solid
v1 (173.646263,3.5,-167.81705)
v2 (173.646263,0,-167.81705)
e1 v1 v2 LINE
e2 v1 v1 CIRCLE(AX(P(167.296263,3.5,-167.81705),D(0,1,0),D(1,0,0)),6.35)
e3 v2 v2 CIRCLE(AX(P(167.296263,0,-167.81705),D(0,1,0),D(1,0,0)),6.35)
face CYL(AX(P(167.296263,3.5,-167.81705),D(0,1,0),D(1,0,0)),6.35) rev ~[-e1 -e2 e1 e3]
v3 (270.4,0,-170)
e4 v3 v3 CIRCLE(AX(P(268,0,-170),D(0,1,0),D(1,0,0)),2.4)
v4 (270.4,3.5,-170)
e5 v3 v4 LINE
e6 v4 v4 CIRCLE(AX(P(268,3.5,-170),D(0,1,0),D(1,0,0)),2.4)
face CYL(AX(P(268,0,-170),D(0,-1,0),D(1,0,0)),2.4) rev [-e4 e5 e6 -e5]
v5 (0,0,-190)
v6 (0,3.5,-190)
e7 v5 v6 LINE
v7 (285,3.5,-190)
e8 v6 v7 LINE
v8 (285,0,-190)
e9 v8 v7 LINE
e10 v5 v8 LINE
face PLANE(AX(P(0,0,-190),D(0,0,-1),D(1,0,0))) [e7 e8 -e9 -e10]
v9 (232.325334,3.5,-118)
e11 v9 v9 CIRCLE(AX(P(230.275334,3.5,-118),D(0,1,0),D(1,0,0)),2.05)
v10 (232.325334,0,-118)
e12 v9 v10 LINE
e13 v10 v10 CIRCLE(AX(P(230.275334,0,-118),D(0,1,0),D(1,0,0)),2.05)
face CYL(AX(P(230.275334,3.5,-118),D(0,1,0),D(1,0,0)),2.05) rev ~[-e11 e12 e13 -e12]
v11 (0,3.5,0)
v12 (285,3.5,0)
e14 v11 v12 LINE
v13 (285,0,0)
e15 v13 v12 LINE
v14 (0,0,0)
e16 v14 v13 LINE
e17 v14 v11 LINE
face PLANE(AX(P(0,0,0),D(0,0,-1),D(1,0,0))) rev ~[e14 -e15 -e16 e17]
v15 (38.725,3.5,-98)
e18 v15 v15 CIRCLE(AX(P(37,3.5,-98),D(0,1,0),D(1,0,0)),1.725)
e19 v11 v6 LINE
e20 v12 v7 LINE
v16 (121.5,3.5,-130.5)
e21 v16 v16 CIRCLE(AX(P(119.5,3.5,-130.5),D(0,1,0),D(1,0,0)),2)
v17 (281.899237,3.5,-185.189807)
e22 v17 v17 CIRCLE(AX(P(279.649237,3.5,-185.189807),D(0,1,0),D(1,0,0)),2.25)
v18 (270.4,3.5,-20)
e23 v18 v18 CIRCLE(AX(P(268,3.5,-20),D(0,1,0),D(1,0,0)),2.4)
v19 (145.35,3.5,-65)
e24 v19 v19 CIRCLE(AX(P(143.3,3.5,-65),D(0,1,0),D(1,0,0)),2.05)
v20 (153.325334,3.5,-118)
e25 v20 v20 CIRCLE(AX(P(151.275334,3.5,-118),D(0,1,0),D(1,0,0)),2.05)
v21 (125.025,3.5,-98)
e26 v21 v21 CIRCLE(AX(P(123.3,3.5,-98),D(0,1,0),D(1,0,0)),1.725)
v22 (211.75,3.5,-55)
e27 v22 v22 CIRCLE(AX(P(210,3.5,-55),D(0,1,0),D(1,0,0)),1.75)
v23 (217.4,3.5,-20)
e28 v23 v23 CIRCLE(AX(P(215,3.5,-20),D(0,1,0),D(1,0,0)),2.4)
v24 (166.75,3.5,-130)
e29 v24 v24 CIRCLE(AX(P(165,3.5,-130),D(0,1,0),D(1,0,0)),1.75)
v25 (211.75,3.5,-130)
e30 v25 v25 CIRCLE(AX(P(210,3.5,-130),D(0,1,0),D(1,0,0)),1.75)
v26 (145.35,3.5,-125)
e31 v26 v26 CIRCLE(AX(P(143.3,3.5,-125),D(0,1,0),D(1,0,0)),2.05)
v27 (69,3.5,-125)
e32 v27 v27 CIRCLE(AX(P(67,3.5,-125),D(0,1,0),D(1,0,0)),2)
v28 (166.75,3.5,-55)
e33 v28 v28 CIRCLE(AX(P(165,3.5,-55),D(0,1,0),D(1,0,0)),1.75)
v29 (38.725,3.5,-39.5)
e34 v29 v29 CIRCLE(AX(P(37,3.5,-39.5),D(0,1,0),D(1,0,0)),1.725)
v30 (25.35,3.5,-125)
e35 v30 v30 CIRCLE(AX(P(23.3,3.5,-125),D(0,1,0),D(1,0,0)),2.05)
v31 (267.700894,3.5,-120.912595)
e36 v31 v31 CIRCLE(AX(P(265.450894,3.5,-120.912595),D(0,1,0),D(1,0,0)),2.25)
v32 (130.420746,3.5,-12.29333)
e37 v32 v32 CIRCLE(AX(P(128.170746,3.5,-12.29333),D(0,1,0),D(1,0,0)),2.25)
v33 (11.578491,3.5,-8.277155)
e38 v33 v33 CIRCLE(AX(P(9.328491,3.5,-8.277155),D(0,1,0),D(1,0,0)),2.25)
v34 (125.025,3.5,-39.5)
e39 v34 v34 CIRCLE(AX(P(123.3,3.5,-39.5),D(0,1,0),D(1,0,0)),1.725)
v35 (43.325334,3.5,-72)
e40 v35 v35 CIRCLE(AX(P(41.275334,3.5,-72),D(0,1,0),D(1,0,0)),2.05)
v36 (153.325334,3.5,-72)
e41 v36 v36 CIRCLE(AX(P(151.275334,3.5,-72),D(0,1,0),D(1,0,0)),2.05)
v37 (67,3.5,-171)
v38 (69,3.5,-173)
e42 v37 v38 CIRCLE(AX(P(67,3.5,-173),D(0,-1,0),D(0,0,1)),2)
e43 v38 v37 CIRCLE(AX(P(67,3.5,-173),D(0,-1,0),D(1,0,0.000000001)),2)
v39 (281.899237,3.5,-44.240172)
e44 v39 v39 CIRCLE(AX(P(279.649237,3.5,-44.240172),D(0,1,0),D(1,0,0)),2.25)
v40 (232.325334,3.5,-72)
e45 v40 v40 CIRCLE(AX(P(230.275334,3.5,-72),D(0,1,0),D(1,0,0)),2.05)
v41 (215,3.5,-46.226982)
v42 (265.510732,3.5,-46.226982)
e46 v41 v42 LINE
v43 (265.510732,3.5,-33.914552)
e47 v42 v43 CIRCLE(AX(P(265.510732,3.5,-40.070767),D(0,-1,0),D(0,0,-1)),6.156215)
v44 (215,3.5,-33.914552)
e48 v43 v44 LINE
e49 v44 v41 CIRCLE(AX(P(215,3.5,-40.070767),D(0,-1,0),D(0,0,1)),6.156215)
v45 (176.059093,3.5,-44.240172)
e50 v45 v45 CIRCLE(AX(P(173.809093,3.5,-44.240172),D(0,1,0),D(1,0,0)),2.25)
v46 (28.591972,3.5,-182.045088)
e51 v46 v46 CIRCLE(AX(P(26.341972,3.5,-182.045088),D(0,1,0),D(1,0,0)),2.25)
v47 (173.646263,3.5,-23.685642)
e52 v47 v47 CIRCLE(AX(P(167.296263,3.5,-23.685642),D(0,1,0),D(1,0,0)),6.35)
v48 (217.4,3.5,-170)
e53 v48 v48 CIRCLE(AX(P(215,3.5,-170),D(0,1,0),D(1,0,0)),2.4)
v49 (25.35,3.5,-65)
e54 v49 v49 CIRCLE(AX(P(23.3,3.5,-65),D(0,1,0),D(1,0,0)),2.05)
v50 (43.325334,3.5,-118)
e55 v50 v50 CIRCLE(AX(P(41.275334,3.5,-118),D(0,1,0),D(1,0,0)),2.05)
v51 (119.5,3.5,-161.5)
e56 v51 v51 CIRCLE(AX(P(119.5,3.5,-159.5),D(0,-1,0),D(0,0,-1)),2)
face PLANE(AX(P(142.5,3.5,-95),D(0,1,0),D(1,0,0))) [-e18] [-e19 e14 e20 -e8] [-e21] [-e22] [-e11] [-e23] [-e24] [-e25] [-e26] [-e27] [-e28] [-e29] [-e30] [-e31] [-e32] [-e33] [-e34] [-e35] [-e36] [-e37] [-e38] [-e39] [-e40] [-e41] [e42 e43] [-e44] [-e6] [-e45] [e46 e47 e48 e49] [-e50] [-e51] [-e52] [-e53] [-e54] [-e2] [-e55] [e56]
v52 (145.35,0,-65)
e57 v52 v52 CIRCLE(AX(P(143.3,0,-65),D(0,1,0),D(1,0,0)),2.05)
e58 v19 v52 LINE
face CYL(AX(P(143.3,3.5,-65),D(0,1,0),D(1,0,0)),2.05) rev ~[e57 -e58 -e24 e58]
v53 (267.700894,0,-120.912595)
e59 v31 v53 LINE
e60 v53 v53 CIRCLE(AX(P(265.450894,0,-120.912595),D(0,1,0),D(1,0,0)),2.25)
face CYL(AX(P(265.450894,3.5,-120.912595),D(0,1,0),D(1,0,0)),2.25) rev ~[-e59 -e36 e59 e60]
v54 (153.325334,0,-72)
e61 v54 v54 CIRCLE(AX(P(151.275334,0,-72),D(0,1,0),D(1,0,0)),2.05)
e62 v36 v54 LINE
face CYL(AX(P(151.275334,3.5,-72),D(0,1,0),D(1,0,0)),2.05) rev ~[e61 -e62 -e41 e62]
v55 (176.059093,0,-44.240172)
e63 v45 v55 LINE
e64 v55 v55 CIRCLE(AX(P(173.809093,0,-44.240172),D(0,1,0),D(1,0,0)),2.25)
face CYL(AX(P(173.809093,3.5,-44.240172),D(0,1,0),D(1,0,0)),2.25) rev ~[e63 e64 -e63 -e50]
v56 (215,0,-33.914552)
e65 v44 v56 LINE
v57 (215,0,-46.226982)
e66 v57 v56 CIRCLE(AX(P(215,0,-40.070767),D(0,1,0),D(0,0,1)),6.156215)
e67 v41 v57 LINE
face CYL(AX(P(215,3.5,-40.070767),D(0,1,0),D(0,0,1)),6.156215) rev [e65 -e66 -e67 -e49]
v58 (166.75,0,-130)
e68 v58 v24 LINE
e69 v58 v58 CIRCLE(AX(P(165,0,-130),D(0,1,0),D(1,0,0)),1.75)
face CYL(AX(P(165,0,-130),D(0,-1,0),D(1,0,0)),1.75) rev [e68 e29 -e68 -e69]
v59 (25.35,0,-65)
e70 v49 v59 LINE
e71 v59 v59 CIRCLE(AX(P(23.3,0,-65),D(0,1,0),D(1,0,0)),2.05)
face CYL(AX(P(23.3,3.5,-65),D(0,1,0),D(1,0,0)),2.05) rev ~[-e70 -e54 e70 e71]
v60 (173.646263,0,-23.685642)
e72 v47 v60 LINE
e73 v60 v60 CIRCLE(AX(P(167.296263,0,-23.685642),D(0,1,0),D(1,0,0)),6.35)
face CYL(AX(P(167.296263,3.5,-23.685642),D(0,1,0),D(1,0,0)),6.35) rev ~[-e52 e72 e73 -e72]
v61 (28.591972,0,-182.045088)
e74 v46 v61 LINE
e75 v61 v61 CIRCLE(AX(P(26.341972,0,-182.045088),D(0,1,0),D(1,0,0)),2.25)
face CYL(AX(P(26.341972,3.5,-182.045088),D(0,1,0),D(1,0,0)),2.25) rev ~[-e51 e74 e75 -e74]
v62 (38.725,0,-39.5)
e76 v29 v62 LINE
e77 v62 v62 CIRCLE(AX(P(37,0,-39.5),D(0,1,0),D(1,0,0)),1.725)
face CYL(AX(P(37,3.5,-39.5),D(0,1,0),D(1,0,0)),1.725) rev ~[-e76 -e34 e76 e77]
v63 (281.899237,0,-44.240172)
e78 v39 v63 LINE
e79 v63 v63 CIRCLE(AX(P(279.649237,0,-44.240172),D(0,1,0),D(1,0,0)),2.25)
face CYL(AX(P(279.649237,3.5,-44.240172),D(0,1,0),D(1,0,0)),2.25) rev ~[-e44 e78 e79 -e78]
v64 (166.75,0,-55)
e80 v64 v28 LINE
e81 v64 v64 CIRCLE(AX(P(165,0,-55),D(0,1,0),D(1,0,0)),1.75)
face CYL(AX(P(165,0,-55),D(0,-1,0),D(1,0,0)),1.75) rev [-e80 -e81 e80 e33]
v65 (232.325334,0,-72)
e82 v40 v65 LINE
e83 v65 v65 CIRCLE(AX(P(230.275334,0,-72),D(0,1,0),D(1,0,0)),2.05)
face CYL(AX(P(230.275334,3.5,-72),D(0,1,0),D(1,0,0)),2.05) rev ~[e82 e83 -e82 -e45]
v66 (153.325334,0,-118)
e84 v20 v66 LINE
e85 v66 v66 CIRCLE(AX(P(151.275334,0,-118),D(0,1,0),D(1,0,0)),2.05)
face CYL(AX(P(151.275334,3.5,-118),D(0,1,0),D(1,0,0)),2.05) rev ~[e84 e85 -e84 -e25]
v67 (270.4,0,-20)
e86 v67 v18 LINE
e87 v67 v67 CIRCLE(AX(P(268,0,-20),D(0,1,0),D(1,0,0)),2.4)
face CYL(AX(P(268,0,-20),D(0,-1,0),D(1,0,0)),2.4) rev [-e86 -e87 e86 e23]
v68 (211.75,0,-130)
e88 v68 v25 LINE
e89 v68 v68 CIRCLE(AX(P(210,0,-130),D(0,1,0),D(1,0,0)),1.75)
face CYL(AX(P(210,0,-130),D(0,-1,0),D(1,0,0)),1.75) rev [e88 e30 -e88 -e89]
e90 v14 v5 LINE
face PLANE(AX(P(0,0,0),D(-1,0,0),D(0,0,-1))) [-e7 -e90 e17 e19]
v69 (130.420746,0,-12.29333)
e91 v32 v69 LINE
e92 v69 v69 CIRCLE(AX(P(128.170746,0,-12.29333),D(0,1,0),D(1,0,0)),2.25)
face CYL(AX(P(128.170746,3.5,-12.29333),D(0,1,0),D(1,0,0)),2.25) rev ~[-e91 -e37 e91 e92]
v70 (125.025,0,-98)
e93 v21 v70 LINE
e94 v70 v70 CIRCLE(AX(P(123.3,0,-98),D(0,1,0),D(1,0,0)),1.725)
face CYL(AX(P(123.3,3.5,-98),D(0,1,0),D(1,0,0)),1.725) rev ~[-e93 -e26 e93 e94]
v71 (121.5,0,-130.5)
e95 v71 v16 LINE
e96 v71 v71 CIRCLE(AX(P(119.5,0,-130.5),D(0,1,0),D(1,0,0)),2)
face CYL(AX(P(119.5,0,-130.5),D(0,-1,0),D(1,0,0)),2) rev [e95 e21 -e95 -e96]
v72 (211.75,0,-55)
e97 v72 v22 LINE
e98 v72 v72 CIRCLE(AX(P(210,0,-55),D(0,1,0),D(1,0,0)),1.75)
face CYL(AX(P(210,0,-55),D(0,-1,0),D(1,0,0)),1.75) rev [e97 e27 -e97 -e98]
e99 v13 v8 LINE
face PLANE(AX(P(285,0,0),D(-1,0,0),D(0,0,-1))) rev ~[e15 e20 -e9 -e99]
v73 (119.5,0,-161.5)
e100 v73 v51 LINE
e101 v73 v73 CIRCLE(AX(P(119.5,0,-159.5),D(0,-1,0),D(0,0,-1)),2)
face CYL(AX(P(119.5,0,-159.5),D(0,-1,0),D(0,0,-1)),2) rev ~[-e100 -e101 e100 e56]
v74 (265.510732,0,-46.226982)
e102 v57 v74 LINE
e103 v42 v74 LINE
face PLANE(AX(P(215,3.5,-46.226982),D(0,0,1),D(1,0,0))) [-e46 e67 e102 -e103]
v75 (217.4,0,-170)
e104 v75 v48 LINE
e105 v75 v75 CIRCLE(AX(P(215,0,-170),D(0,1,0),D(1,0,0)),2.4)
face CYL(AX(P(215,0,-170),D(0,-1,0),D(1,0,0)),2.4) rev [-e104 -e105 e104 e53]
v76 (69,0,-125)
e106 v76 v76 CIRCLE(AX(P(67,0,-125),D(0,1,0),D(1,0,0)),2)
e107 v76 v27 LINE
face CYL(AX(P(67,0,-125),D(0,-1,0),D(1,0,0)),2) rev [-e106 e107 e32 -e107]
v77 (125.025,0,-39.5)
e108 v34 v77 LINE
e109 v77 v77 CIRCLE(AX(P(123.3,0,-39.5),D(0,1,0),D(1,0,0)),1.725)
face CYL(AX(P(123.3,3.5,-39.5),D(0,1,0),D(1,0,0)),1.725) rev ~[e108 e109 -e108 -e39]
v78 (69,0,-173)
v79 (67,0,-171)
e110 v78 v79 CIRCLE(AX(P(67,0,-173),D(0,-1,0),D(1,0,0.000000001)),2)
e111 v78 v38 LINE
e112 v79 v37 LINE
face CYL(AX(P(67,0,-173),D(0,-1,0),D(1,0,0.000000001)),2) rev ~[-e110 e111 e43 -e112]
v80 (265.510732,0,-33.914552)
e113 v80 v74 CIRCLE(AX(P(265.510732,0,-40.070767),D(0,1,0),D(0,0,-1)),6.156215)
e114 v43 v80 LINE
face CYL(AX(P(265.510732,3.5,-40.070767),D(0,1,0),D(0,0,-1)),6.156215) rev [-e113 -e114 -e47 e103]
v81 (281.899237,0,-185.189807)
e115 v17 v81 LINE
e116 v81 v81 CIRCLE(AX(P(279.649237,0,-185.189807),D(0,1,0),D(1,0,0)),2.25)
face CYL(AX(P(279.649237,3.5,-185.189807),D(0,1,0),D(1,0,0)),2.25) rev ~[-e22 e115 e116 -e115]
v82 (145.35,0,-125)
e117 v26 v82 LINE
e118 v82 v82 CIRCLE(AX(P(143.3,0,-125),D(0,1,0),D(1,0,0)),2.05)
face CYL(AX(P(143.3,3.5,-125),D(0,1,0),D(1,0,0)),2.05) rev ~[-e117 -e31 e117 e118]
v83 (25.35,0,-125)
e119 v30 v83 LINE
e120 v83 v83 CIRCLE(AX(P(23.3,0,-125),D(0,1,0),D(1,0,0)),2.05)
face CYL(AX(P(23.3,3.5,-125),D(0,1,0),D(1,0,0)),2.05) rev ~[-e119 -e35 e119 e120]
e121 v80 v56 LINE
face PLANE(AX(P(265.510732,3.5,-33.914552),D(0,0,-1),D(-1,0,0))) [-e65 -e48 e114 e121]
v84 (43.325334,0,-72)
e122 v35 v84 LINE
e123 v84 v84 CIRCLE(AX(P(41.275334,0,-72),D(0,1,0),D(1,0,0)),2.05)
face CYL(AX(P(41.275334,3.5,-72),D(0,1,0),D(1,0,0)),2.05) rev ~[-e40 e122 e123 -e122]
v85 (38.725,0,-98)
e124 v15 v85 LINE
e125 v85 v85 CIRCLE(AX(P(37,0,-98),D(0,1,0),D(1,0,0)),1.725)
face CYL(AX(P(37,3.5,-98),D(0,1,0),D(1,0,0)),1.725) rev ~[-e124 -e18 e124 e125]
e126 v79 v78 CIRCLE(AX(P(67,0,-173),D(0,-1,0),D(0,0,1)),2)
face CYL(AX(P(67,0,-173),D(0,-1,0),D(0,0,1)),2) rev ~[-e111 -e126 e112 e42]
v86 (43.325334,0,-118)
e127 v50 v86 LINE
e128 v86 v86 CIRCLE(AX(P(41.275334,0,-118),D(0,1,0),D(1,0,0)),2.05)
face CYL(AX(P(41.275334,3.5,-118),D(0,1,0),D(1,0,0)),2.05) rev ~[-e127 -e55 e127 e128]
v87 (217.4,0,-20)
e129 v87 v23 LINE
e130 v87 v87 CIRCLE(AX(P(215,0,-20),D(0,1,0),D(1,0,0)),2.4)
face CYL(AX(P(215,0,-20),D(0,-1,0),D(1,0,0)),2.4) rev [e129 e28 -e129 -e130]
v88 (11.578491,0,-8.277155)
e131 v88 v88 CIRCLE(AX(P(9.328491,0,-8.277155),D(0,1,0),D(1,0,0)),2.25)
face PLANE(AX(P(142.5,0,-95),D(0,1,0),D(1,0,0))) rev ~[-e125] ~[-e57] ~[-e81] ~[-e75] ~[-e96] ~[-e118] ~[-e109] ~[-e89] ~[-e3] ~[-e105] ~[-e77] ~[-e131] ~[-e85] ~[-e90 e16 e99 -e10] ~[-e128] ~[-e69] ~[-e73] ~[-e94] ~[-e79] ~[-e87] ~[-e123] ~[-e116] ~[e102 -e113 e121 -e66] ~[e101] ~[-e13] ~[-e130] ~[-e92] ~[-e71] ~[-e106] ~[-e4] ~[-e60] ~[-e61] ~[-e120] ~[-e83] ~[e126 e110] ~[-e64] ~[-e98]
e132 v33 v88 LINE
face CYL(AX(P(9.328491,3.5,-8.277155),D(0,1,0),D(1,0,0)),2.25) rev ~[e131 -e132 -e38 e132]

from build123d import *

# Parameters (mm, degrees)
SKETCH1_W                = 285
SKETCH1_H                = 190
SKETCH1_R                = 1.75
SKETCH1_R_2              = 2.4
SKETCH1_R_3              = 2
BOSS_EXTRUDE1_DEPTH      = 3.5
SKETCH2_R                = 1.725
JETSON_HOLES_DEPTH       = 10
SKETCH3_R                = 6.35
SWITCH_HOLES_DEPTH       = 10
SKETCH5_R                = 2.25
WIRES_AND_TRACKERS_DEPTH = 10
SKETCH6_R                = 2.05
MOUNTING_HOLES_DEPTH     = 10
SKETCH7_R                = 2.05
LIDAR_MOUNT_DEPTH        = 10


with BuildPart() as part:
    # Sketch1 → Boss-Extrude1 (new body)
    with BuildSketch(Plane(origin=(0, 0, 0), x_dir=(1, 0, 0), z_dir=(0, 1, 0))):
        with Locations((142.5, 95)):
            Rectangle(SKETCH1_W, SKETCH1_H)
        with Locations((165, 55)):
            Circle(SKETCH1_R, mode=Mode.SUBTRACT)
        with Locations((210, 55)):
            Circle(SKETCH1_R, mode=Mode.SUBTRACT)
        with Locations((215, 170)):
            Circle(SKETCH1_R_2, mode=Mode.SUBTRACT)
        with Locations((268, 170)):
            Circle(SKETCH1_R_2, mode=Mode.SUBTRACT)
        with Locations((210, 130)):
            Circle(SKETCH1_R, mode=Mode.SUBTRACT)
        with Locations((165, 130)):
            Circle(SKETCH1_R, mode=Mode.SUBTRACT)
        with Locations((67, 125)):
            Circle(SKETCH1_R_3, mode=Mode.SUBTRACT)
        with Locations((119.5, 130.5)):
            Circle(SKETCH1_R_3, mode=Mode.SUBTRACT)
        with BuildLine():
            ThreePointArc((69, 173), (68.414213562, 171.585786438), (67, 171))
            ThreePointArc((67, 171), (65.585786438, 174.414213562), (69, 173))
        make_face(mode=Mode.SUBTRACT)
        with BuildLine():
            ThreePointArc((119.5, 157.5), (117.5, 159.5), (119.5, 161.5))
            ThreePointArc((119.5, 161.5), (121.5, 159.5), (119.5, 157.5))
        make_face(mode=Mode.SUBTRACT)
        with Locations((268, 20)):
            Circle(SKETCH1_R_2, mode=Mode.SUBTRACT)
        with Locations((215, 20)):
            Circle(SKETCH1_R_2, mode=Mode.SUBTRACT)
    extrude(amount=BOSS_EXTRUDE1_DEPTH)

    # Sketch2 → Jetson Holes (cut)
    with BuildSketch(Plane(origin=(0, 3.5, 0), x_dir=(1, 0, 0), z_dir=(0, 1, 0))):
        with Locations((37, 39.5)):
            Circle(SKETCH2_R)
        with Locations((37, 98)):
            Circle(SKETCH2_R)
        with Locations((123.3, 98)):
            Circle(SKETCH2_R)
        with Locations((123.3, 39.5)):
            Circle(SKETCH2_R)
    extrude(amount=-JETSON_HOLES_DEPTH, mode=Mode.SUBTRACT)

    # Sketch3 → switch holes (cut)
    with BuildSketch(Plane(origin=(0, 3.5, 0), x_dir=(1, 0, 0), z_dir=(0, 1, 0))):
        with Locations((167.296262876, 23.68564224)):
            Circle(SKETCH3_R)
        with Locations((167.296262876, 167.817050275)):
            Circle(SKETCH3_R)
    extrude(amount=-SWITCH_HOLES_DEPTH, mode=Mode.SUBTRACT)

    # Sketch5 → Wires and trackers (cut)
    with BuildSketch(Plane(origin=(0, 3.5, 0), x_dir=(1, 0, 0), z_dir=(0, 1, 0))):
        with Locations((173.809093187, 44.240172362)):
            Circle(SKETCH5_R)
        with Locations((9.328490985, 8.27715501)):
            Circle(SKETCH5_R)
        with Locations((26.341972093, 182.045088306)):
            Circle(SKETCH5_R)
        with Locations((279.649236993, 185.189806704)):
            Circle(SKETCH5_R)
        with Locations((265.450893748, 120.912595142)):
            Circle(SKETCH5_R)
        with Locations((279.649236993, 44.240172362)):
            Circle(SKETCH5_R)
        with Locations((128.170746294, 12.293329537)):
            Circle(SKETCH5_R)
        with BuildLine():
            Line((215, 46.226982274), (265.510732016, 46.226982274))
            ThreePointArc((265.510732016, 46.226982274), (271.666947369, 40.070766921), (265.510732016, 33.914551567))
            Line((265.510732016, 33.914551567), (215, 33.914551567))
            ThreePointArc((215, 33.914551567), (208.843784647, 40.070766921), (215, 46.226982274))
        make_face()
    extrude(amount=-WIRES_AND_TRACKERS_DEPTH, mode=Mode.SUBTRACT)

    # Sketch6 → Mounting holes (cut)
    with BuildSketch(Plane(origin=(0, 3.5, 0), x_dir=(1, 0, 0), z_dir=(0, 1, 0))):
        with Locations((41.27533381, 118)):
            Circle(SKETCH6_R)
        with Locations((151.27533381, 118)):
            Circle(SKETCH6_R)
        with Locations((230.27533381, 118)):
            Circle(SKETCH6_R)
        with Locations((230.27533381, 72)):
            Circle(SKETCH6_R)
        with Locations((151.27533381, 72)):
            Circle(SKETCH6_R)
        with Locations((41.27533381, 72)):
            Circle(SKETCH6_R)
    extrude(amount=-MOUNTING_HOLES_DEPTH, mode=Mode.SUBTRACT)

    # Sketch7 → Lidar Mount (cut)
    with BuildSketch(Plane(origin=(0, 3.5, 0), x_dir=(1, 0, 0), z_dir=(0, 1, 0))):
        with Locations((143.3, 125)):
            Circle(SKETCH7_R)
        with Locations((23.3, 125)):
            Circle(SKETCH7_R)
        with Locations((143.3, 65)):
            Circle(SKETCH7_R)
        with Locations((23.3, 65)):
            Circle(SKETCH7_R)
    extrude(amount=-LIDAR_MOUNT_DEPTH, mode=Mode.SUBTRACT)


solid = part.part
